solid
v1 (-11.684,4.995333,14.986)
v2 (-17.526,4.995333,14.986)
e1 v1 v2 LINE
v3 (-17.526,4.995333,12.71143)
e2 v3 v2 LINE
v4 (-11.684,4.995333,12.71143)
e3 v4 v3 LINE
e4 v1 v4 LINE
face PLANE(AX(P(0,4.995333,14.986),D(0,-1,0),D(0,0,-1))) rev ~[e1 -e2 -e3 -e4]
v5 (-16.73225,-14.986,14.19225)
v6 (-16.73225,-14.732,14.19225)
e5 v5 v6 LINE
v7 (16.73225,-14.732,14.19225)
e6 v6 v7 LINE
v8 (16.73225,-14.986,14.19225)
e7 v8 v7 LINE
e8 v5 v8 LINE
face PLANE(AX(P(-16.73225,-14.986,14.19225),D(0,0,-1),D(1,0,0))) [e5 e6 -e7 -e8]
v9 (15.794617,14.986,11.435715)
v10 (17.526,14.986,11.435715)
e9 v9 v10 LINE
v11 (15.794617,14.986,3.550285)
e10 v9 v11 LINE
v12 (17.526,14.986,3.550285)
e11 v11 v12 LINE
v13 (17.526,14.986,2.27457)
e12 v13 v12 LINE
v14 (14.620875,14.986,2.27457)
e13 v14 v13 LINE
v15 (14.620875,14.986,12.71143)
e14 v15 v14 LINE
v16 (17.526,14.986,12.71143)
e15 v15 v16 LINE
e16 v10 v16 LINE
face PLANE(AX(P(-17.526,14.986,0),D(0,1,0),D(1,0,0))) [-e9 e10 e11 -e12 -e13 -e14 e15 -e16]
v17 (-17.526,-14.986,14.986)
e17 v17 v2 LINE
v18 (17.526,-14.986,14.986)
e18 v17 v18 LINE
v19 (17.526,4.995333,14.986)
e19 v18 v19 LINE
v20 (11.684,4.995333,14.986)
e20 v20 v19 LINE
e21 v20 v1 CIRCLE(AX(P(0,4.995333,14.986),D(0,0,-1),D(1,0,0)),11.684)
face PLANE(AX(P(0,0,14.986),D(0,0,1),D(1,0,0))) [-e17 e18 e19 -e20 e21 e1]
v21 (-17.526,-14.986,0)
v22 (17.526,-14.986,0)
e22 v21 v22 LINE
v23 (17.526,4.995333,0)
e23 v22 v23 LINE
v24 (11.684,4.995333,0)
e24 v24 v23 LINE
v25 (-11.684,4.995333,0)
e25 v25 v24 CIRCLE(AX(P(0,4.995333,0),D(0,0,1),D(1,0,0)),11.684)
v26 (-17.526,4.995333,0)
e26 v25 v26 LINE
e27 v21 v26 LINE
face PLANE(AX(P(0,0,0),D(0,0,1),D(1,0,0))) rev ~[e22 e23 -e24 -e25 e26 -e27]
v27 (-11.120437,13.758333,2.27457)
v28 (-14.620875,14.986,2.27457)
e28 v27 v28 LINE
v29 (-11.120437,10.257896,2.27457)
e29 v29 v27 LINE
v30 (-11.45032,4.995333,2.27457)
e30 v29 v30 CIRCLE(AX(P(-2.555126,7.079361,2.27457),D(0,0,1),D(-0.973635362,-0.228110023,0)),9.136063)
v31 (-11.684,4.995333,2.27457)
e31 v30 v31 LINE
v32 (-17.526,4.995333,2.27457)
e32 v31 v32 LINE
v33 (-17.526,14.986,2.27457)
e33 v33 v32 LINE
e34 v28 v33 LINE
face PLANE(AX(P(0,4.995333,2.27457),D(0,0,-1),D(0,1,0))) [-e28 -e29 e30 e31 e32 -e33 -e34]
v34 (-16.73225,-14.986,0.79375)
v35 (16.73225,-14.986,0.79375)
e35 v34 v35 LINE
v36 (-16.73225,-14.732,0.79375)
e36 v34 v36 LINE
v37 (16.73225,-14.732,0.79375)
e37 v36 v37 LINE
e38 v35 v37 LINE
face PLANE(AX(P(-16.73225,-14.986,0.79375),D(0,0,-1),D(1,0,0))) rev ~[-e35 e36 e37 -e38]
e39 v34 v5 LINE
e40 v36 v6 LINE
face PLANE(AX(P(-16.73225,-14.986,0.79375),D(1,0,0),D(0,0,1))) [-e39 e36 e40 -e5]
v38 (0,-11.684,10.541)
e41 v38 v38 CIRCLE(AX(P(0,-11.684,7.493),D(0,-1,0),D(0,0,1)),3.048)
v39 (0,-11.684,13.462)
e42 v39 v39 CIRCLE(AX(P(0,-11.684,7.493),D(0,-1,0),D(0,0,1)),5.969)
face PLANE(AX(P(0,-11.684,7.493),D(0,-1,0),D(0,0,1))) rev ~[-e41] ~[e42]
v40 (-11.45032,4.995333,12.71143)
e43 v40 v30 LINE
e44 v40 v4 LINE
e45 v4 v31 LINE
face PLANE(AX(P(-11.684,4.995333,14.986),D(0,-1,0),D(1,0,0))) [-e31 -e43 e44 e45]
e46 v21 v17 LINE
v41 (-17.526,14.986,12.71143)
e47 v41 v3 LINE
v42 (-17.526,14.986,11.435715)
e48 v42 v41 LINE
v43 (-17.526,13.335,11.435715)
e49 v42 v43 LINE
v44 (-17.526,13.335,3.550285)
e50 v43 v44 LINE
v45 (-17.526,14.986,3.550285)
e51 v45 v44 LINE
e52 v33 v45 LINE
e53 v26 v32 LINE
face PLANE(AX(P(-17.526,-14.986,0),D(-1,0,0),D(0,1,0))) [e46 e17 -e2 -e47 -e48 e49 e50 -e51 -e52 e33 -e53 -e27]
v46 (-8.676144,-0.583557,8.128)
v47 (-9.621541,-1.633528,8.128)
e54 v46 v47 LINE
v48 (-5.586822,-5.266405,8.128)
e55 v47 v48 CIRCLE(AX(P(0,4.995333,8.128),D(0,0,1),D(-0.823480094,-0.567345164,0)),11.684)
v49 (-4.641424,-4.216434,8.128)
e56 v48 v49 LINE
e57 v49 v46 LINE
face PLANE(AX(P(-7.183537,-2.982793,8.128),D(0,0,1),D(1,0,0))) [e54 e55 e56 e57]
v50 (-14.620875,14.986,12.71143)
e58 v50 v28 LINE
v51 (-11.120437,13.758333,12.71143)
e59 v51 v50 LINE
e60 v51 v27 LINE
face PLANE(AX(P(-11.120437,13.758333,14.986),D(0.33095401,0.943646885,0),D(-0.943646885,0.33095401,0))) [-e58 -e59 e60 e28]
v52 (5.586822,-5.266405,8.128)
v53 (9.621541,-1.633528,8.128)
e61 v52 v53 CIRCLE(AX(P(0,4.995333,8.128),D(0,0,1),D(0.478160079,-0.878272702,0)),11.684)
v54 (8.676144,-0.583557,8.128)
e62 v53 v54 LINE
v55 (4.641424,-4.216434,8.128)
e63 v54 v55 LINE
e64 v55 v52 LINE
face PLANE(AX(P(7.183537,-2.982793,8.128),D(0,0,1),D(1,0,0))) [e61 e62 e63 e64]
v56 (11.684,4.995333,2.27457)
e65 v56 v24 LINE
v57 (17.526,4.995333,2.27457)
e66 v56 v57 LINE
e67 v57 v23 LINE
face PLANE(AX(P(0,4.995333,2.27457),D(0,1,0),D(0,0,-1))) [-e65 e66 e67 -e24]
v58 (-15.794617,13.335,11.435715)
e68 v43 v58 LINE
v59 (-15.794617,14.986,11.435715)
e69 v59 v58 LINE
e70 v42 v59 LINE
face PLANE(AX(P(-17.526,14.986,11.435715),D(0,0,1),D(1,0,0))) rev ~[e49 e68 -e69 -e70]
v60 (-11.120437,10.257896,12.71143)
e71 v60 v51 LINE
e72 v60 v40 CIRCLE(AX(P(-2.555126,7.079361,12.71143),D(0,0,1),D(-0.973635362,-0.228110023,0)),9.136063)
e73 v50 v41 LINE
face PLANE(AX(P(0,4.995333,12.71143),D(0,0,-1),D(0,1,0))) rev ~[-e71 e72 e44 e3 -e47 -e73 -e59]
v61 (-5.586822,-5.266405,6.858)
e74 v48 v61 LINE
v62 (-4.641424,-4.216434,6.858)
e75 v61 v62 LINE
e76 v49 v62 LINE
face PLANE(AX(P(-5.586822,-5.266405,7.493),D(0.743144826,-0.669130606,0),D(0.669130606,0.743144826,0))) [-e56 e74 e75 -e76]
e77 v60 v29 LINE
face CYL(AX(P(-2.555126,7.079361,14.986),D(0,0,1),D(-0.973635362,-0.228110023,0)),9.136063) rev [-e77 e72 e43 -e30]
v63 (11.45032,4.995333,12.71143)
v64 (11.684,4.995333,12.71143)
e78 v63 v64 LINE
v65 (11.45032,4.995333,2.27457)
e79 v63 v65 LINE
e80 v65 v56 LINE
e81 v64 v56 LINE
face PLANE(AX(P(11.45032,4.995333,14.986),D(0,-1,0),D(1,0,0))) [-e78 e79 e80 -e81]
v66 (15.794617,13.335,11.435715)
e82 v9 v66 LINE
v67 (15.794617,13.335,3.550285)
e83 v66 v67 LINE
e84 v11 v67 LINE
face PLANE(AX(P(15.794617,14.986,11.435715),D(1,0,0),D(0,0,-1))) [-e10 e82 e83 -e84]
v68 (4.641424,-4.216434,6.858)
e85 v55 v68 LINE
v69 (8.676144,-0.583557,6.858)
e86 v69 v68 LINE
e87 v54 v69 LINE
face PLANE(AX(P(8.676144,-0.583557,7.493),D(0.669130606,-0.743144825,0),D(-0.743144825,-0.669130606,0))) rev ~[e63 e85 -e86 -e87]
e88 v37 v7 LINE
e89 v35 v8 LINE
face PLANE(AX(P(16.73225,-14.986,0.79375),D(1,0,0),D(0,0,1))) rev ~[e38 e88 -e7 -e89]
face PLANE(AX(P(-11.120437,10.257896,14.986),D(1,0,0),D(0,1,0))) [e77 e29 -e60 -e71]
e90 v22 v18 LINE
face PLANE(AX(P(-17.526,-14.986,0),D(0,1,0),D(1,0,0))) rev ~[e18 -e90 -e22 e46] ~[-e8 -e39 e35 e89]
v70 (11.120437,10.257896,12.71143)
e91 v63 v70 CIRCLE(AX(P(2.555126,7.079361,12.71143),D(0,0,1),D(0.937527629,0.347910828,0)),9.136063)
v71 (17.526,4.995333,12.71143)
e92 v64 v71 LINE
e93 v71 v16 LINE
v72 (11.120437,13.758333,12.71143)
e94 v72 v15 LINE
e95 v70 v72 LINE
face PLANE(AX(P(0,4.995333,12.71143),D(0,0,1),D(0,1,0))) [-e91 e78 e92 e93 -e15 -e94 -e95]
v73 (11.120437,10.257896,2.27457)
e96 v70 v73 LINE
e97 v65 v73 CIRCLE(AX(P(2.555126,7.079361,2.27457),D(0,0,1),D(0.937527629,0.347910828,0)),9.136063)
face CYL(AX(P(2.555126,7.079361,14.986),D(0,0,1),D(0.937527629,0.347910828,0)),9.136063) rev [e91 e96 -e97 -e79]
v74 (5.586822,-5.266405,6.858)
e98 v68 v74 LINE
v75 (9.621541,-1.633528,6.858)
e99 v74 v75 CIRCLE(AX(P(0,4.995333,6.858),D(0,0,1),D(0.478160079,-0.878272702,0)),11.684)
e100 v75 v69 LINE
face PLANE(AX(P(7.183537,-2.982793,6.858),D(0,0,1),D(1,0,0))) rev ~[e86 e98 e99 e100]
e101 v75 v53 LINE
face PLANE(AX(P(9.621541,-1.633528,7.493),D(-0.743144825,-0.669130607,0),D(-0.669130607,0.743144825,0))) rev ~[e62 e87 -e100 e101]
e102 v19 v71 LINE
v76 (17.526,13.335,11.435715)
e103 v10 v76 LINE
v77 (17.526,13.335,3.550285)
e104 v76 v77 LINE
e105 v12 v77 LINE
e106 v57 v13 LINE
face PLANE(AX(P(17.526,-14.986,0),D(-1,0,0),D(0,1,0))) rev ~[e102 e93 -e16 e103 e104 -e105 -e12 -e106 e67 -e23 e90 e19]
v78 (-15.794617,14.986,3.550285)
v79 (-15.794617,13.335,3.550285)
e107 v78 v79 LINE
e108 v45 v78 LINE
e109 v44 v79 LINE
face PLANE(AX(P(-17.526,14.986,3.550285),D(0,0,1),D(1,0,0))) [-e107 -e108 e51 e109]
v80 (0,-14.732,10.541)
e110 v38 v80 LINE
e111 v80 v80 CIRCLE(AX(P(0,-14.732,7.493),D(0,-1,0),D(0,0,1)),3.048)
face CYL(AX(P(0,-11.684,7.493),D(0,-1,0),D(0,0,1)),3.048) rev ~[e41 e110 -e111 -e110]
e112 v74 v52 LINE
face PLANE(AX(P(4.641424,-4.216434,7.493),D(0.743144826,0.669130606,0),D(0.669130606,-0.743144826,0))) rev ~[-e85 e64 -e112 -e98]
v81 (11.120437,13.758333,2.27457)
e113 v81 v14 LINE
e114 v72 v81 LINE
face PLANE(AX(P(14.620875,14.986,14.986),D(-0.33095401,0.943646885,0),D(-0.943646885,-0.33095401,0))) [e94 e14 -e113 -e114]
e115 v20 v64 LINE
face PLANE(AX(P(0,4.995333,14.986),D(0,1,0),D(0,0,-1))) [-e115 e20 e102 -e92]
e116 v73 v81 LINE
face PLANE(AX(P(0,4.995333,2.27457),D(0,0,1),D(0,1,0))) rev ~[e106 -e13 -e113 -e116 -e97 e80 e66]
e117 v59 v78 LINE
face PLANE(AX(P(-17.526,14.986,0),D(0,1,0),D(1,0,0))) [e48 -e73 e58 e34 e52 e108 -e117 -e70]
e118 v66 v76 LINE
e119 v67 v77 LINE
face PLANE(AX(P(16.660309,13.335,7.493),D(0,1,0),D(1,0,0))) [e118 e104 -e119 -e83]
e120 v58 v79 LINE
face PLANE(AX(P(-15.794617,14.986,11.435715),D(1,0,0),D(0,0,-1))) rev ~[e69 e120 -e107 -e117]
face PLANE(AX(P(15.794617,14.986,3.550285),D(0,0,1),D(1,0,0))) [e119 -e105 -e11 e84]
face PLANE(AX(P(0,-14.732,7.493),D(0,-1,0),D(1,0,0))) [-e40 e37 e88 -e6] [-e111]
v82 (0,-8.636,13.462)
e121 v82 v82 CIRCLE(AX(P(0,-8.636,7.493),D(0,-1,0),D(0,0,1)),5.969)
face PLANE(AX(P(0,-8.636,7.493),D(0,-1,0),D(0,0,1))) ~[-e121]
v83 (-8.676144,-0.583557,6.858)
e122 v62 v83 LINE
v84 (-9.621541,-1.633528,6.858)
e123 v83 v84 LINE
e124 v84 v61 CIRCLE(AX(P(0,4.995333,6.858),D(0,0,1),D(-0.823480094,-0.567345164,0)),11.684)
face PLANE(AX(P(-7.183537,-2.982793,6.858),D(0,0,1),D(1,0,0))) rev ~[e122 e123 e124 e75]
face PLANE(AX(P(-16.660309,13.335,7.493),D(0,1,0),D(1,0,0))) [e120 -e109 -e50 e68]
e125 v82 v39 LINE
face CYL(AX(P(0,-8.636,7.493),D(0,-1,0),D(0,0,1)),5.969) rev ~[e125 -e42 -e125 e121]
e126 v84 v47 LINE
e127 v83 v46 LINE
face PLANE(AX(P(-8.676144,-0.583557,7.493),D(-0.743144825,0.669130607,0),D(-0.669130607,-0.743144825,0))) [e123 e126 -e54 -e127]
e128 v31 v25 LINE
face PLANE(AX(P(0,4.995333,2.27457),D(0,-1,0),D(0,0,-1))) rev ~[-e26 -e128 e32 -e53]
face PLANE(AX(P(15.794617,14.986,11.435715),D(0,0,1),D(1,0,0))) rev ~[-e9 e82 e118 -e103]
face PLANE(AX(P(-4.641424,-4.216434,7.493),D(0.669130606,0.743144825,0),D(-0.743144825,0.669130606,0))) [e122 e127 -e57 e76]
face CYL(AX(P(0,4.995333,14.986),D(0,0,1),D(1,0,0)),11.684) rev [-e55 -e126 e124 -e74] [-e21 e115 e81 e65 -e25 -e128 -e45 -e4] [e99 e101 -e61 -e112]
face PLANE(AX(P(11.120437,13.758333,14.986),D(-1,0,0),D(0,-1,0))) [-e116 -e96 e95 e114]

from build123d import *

# Parameters (mm, degrees)
SKETCH1_W               = 35.052
SKETCH1_H               = 29.972
EXTRUDE1_DEPTH          = 14.986
CUT_EXTRUDE1_DEPTH      = 15.986
SKETCH3_W               = 2.27457
SKETCH3_H               = 9.990666667
CUT_EXTRUDE2_DEPTH      = 18.526
CUT_EXTRUDE2_DEPTH_BACK = 18.526
SKETCH4_W               = 33.4645
SKETCH4_H               = 13.3985
CUT_EXTRUDE3_DEPTH      = 0.254
SKETCH5_W               = 1.731382872
SKETCH5_H               = 7.88543
CUT_EXTRUDE4_DEPTH      = 1.651
EXTRUDE2_DEPTH          = 0.635


with BuildPart() as part:
    # Sketch1 → Extrude1 (new body)
    with BuildSketch(Plane.XY):
        Rectangle(SKETCH1_W, SKETCH1_H)
    extrude(amount=EXTRUDE1_DEPTH)

    # Sketch2 → Cut-Extrude1 (cut, through all)
    with BuildSketch(Plane.XY.offset(14.986)):
        with BuildLine():
            Line((-11.684, 4.995333333), (-11.45032, 4.995333333))
            ThreePointArc((-11.45032, 4.995333333), (-11.673292179, 7.650930846), (-11.1204375, 10.257895833))
            Line((-11.1204375, 10.257895833), (-11.1204375, 13.758333333))
            Line((-11.1204375, 13.758333333), (-14.620875, 14.986))
            Line((-14.620875, 14.986), (14.620875, 14.986))
            Line((14.620875, 14.986), (11.1204375, 13.758333333))
            Line((11.1204375, 13.758333333), (11.1204375, 10.257895833))
            ThreePointArc((11.1204375, 10.257895833), (11.673292179, 7.650930846), (11.45032, 4.995333333))
            Line((11.45032, 4.995333333), (11.684, 4.995333333))
            ThreePointArc((11.684, 4.995333333), (0, -6.688666667), (-11.684, 4.995333333))
        make_face()
    extrude(amount=-CUT_EXTRUDE1_DEPTH, mode=Mode.SUBTRACT)

    # Sketch3 → Cut-Extrude2 (cut, two sides)
    with BuildSketch(Plane(origin=(0, 0, 0), x_dir=(0, 0, -1), z_dir=(1, 0, 0))) as cut_extrude2_sk:
        with Locations((-13.848715, 9.990666667)):
            Rectangle(SKETCH3_W, SKETCH3_H)
        with Locations((-1.137285, 9.990666667)):
            Rectangle(SKETCH3_W, SKETCH3_H)
    extrude(amount=CUT_EXTRUDE2_DEPTH, mode=Mode.SUBTRACT)
    extrude(cut_extrude2_sk.sketch, amount=-CUT_EXTRUDE2_DEPTH_BACK, mode=Mode.SUBTRACT)

    # Sketch4 → Cut-Extrude3 (cut)
    with BuildSketch(Plane.XZ.offset(14.986)):
        with Locations((0, 7.493)):
            Rectangle(SKETCH4_W, SKETCH4_H)
    extrude(amount=-CUT_EXTRUDE3_DEPTH, mode=Mode.SUBTRACT)

    # Sketch5 → Cut-Extrude4 (cut)
    with BuildSketch(Plane(origin=(0, 14.986, 0), x_dir=(1, 0, 0), z_dir=(0, 1, 0))):
        with Locations((-16.660308564, -7.493)):
            Rectangle(SKETCH5_W, SKETCH5_H)
        with Locations((16.660308564, -7.493)):
            Rectangle(SKETCH5_W, SKETCH5_H)
    extrude(amount=-CUT_EXTRUDE4_DEPTH, mode=Mode.SUBTRACT)

    # Sketch6 → Cut-Revolve1 (revolve, cut)
    with BuildSketch(Plane(origin=(0, 0, 7.493), x_dir=(-1, 0, 0), z_dir=(0, 0, -1)), mode=Mode.PRIVATE) as cut_revolve1_sk:
        Polygon((3.048, -14.732), (0, -14.732), (0, -8.636), (5.969, -8.636), (5.969, -11.684), (3.048, -11.684), align=None)
    revolve(cut_revolve1_sk.sketch.rotate(Axis((0, 0, 7.493), (0, -1, 0)), 270), axis=Axis((0, 0, 7.493), (0, -1, 0)), mode=Mode.SUBTRACT)  # turned: the seam where the file's is

    # Sketch7 → Extrude2 (add, symmetric)
    with BuildSketch(Plane(origin=(0, 0, 7.493), x_dir=(-1, 0, 0), z_dir=(0, 0, -1))):
        with BuildLine():
            Line((4.641424464, -4.216434167), (8.676143507, -0.583556822))
            Line((8.676143507, -0.583556822), (9.621541413, -1.633527567))
            ThreePointArc((9.621541413, -1.633527567), (7.818122005, -3.687570808), (5.586822369, -5.266404912))
            Line((5.586822369, -5.266404912), (4.641424464, -4.216434167))
        make_face()
        with BuildLine():
            Line((-4.641424464, -4.216434167), (-5.586822369, -5.266404912))
            ThreePointArc((-5.586822369, -5.266404912), (-7.818122005, -3.687570808), (-9.621541413, -1.633527567))
            Line((-9.621541413, -1.633527567), (-8.676143507, -0.583556822))
            Line((-8.676143507, -0.583556822), (-4.641424464, -4.216434167))
        make_face()
    extrude(amount=EXTRUDE2_DEPTH, both=True)


solid = part.part
